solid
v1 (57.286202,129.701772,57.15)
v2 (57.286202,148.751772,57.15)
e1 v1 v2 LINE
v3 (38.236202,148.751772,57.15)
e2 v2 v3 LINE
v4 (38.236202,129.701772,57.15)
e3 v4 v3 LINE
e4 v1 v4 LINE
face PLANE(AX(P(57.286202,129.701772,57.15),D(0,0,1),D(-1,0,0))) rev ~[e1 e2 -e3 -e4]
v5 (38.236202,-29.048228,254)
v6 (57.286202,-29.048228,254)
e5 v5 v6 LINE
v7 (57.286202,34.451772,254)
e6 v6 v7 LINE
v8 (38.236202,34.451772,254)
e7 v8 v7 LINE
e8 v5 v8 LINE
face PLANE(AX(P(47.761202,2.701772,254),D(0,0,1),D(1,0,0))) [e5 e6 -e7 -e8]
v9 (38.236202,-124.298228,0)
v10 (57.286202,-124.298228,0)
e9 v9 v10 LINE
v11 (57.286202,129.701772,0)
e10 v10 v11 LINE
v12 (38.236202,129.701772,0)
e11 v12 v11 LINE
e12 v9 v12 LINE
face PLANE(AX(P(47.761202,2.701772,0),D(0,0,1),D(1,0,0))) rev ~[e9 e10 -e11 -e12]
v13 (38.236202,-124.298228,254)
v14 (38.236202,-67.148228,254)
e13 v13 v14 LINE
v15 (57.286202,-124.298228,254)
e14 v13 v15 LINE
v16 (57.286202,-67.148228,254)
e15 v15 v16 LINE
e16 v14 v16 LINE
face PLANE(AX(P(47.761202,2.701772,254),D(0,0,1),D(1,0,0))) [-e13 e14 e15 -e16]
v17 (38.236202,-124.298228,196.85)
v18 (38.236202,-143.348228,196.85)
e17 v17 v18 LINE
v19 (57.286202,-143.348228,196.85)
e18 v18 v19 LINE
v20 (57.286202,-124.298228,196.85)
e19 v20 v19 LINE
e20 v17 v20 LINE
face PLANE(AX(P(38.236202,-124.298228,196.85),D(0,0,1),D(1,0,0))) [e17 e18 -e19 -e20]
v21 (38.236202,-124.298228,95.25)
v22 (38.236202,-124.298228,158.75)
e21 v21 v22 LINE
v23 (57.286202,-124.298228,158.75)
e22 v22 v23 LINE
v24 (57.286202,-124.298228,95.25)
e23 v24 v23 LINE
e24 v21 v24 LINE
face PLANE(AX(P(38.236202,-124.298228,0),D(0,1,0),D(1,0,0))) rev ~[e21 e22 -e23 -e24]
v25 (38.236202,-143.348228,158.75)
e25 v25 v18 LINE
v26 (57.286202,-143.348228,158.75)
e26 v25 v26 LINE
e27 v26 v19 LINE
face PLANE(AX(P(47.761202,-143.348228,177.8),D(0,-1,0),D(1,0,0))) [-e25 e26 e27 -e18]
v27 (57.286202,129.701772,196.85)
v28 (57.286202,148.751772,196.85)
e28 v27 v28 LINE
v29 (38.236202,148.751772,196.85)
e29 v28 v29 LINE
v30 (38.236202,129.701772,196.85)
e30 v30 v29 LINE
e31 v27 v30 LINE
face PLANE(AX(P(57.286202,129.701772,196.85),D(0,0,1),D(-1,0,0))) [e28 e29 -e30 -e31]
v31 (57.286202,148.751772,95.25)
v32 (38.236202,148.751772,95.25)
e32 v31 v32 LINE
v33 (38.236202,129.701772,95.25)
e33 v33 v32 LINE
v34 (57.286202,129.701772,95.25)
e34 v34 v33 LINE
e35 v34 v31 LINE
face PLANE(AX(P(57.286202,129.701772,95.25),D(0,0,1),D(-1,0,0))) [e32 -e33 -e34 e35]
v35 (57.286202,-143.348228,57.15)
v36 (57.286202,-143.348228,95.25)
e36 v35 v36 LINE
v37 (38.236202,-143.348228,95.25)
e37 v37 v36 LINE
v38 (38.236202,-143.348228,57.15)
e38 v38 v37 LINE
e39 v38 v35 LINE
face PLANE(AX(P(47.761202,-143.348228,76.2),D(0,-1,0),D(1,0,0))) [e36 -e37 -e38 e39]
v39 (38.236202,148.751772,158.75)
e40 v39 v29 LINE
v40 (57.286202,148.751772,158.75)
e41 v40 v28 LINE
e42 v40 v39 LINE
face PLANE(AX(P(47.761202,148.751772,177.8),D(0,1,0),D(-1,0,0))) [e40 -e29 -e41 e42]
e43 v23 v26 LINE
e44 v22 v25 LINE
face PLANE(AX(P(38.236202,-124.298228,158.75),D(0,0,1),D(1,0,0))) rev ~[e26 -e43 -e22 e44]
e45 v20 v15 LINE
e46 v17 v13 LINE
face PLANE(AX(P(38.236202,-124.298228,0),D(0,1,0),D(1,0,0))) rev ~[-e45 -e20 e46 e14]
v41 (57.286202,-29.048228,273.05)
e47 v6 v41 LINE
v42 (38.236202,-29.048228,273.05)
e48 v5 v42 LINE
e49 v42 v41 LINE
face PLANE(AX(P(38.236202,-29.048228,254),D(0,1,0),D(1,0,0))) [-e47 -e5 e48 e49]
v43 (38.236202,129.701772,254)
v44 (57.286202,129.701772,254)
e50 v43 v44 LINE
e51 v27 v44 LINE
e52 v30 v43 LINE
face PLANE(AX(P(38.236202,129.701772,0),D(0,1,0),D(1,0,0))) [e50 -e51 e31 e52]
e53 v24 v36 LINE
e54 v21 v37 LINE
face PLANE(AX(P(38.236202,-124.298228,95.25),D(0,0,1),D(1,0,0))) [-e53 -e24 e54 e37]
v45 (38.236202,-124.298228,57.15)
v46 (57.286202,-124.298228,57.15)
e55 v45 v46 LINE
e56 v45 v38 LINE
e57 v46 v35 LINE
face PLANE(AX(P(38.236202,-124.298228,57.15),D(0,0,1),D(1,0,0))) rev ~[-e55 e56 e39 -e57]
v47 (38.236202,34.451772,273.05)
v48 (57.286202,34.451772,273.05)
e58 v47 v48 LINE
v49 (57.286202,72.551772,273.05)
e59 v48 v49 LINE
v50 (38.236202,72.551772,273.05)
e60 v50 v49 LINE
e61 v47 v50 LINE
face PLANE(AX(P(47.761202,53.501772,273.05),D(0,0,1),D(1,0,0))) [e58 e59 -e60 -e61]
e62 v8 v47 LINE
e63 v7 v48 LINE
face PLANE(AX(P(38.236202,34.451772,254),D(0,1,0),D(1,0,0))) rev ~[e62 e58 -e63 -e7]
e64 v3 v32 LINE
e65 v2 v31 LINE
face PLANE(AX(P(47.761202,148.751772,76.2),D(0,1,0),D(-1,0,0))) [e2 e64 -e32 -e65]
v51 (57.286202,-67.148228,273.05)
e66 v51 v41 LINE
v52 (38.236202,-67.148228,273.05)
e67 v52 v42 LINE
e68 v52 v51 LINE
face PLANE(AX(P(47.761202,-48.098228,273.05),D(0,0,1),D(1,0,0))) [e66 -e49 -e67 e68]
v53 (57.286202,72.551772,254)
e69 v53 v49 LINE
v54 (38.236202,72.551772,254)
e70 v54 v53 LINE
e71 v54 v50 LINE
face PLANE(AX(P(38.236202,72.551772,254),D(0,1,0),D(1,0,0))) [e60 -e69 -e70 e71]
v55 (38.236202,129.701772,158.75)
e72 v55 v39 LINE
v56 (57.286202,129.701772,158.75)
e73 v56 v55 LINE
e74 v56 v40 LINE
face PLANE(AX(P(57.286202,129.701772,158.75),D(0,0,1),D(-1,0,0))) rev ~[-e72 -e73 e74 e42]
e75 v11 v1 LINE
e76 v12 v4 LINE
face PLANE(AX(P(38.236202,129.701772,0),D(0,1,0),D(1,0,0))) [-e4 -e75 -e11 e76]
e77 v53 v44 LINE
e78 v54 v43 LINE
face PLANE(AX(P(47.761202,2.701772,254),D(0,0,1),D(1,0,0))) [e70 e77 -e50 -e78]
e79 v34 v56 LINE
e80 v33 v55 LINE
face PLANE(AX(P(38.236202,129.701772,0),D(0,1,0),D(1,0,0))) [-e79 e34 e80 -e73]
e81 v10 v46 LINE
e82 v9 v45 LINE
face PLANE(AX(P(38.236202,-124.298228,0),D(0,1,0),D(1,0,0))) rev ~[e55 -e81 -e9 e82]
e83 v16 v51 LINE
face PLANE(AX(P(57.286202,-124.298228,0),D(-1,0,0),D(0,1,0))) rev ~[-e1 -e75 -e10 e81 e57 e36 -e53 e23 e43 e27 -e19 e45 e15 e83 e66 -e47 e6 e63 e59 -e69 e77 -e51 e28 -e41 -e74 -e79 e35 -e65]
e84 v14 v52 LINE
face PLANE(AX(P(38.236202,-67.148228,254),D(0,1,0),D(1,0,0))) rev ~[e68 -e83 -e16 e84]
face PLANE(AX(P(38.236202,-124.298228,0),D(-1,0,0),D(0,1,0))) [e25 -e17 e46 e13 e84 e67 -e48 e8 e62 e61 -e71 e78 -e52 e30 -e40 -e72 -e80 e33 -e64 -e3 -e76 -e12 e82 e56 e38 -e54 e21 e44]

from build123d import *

# Parameters (mm, degrees)
F0_W     = 19.05
F0_H     = 254
F1_DEPTH = 254
F2_W     = 19.05
F2_H     = 38.1
F3_DEPTH = 19.05
F4_W     = 19.05
F4_H     = 38.1
F5_DEPTH = 19.05
F6_W     = 19.05
F6_H     = 38.1
F7_DEPTH = 19.05


with BuildPart() as f1:
    # F0 (on Top) → F1 (new body)
    with BuildSketch(Plane.XY):
        with Locations((47.761202, 2.701772)):
            Rectangle(F0_W, F0_H)
    extrude(amount=F1_DEPTH)

    # F2 (on face) → F3 (join)
    with BuildSketch(Plane.XZ.offset(124.298228)):
        with Locations((47.761202, 76.2)):
            Rectangle(F2_W, F2_H)
        with Locations((47.761202, 177.8)):
            Rectangle(F2_W, F2_H)
    extrude(amount=F3_DEPTH)

    # F4 (on face) → F5 (join)
    with BuildSketch(Plane.XY.offset(254)):
        with Locations((47.761202, 53.501772)):
            Rectangle(F4_W, F4_H)
        with Locations((47.761202, -48.098228)):
            Rectangle(F4_W, F4_H)
    extrude(amount=F5_DEPTH)

    # F6 (on face) → F7 (join)
    with BuildSketch(Plane(origin=(0, 129.701772, 0), x_dir=(-1, 0, 0), z_dir=(0, 1, 0))):
        with Locations((-47.761202, 76.2)):
            Rectangle(F6_W, F6_H)
        with Locations((-47.761202, 177.8)):
            Rectangle(F6_W, F6_H)
    extrude(amount=F7_DEPTH)


solid = f1.part
